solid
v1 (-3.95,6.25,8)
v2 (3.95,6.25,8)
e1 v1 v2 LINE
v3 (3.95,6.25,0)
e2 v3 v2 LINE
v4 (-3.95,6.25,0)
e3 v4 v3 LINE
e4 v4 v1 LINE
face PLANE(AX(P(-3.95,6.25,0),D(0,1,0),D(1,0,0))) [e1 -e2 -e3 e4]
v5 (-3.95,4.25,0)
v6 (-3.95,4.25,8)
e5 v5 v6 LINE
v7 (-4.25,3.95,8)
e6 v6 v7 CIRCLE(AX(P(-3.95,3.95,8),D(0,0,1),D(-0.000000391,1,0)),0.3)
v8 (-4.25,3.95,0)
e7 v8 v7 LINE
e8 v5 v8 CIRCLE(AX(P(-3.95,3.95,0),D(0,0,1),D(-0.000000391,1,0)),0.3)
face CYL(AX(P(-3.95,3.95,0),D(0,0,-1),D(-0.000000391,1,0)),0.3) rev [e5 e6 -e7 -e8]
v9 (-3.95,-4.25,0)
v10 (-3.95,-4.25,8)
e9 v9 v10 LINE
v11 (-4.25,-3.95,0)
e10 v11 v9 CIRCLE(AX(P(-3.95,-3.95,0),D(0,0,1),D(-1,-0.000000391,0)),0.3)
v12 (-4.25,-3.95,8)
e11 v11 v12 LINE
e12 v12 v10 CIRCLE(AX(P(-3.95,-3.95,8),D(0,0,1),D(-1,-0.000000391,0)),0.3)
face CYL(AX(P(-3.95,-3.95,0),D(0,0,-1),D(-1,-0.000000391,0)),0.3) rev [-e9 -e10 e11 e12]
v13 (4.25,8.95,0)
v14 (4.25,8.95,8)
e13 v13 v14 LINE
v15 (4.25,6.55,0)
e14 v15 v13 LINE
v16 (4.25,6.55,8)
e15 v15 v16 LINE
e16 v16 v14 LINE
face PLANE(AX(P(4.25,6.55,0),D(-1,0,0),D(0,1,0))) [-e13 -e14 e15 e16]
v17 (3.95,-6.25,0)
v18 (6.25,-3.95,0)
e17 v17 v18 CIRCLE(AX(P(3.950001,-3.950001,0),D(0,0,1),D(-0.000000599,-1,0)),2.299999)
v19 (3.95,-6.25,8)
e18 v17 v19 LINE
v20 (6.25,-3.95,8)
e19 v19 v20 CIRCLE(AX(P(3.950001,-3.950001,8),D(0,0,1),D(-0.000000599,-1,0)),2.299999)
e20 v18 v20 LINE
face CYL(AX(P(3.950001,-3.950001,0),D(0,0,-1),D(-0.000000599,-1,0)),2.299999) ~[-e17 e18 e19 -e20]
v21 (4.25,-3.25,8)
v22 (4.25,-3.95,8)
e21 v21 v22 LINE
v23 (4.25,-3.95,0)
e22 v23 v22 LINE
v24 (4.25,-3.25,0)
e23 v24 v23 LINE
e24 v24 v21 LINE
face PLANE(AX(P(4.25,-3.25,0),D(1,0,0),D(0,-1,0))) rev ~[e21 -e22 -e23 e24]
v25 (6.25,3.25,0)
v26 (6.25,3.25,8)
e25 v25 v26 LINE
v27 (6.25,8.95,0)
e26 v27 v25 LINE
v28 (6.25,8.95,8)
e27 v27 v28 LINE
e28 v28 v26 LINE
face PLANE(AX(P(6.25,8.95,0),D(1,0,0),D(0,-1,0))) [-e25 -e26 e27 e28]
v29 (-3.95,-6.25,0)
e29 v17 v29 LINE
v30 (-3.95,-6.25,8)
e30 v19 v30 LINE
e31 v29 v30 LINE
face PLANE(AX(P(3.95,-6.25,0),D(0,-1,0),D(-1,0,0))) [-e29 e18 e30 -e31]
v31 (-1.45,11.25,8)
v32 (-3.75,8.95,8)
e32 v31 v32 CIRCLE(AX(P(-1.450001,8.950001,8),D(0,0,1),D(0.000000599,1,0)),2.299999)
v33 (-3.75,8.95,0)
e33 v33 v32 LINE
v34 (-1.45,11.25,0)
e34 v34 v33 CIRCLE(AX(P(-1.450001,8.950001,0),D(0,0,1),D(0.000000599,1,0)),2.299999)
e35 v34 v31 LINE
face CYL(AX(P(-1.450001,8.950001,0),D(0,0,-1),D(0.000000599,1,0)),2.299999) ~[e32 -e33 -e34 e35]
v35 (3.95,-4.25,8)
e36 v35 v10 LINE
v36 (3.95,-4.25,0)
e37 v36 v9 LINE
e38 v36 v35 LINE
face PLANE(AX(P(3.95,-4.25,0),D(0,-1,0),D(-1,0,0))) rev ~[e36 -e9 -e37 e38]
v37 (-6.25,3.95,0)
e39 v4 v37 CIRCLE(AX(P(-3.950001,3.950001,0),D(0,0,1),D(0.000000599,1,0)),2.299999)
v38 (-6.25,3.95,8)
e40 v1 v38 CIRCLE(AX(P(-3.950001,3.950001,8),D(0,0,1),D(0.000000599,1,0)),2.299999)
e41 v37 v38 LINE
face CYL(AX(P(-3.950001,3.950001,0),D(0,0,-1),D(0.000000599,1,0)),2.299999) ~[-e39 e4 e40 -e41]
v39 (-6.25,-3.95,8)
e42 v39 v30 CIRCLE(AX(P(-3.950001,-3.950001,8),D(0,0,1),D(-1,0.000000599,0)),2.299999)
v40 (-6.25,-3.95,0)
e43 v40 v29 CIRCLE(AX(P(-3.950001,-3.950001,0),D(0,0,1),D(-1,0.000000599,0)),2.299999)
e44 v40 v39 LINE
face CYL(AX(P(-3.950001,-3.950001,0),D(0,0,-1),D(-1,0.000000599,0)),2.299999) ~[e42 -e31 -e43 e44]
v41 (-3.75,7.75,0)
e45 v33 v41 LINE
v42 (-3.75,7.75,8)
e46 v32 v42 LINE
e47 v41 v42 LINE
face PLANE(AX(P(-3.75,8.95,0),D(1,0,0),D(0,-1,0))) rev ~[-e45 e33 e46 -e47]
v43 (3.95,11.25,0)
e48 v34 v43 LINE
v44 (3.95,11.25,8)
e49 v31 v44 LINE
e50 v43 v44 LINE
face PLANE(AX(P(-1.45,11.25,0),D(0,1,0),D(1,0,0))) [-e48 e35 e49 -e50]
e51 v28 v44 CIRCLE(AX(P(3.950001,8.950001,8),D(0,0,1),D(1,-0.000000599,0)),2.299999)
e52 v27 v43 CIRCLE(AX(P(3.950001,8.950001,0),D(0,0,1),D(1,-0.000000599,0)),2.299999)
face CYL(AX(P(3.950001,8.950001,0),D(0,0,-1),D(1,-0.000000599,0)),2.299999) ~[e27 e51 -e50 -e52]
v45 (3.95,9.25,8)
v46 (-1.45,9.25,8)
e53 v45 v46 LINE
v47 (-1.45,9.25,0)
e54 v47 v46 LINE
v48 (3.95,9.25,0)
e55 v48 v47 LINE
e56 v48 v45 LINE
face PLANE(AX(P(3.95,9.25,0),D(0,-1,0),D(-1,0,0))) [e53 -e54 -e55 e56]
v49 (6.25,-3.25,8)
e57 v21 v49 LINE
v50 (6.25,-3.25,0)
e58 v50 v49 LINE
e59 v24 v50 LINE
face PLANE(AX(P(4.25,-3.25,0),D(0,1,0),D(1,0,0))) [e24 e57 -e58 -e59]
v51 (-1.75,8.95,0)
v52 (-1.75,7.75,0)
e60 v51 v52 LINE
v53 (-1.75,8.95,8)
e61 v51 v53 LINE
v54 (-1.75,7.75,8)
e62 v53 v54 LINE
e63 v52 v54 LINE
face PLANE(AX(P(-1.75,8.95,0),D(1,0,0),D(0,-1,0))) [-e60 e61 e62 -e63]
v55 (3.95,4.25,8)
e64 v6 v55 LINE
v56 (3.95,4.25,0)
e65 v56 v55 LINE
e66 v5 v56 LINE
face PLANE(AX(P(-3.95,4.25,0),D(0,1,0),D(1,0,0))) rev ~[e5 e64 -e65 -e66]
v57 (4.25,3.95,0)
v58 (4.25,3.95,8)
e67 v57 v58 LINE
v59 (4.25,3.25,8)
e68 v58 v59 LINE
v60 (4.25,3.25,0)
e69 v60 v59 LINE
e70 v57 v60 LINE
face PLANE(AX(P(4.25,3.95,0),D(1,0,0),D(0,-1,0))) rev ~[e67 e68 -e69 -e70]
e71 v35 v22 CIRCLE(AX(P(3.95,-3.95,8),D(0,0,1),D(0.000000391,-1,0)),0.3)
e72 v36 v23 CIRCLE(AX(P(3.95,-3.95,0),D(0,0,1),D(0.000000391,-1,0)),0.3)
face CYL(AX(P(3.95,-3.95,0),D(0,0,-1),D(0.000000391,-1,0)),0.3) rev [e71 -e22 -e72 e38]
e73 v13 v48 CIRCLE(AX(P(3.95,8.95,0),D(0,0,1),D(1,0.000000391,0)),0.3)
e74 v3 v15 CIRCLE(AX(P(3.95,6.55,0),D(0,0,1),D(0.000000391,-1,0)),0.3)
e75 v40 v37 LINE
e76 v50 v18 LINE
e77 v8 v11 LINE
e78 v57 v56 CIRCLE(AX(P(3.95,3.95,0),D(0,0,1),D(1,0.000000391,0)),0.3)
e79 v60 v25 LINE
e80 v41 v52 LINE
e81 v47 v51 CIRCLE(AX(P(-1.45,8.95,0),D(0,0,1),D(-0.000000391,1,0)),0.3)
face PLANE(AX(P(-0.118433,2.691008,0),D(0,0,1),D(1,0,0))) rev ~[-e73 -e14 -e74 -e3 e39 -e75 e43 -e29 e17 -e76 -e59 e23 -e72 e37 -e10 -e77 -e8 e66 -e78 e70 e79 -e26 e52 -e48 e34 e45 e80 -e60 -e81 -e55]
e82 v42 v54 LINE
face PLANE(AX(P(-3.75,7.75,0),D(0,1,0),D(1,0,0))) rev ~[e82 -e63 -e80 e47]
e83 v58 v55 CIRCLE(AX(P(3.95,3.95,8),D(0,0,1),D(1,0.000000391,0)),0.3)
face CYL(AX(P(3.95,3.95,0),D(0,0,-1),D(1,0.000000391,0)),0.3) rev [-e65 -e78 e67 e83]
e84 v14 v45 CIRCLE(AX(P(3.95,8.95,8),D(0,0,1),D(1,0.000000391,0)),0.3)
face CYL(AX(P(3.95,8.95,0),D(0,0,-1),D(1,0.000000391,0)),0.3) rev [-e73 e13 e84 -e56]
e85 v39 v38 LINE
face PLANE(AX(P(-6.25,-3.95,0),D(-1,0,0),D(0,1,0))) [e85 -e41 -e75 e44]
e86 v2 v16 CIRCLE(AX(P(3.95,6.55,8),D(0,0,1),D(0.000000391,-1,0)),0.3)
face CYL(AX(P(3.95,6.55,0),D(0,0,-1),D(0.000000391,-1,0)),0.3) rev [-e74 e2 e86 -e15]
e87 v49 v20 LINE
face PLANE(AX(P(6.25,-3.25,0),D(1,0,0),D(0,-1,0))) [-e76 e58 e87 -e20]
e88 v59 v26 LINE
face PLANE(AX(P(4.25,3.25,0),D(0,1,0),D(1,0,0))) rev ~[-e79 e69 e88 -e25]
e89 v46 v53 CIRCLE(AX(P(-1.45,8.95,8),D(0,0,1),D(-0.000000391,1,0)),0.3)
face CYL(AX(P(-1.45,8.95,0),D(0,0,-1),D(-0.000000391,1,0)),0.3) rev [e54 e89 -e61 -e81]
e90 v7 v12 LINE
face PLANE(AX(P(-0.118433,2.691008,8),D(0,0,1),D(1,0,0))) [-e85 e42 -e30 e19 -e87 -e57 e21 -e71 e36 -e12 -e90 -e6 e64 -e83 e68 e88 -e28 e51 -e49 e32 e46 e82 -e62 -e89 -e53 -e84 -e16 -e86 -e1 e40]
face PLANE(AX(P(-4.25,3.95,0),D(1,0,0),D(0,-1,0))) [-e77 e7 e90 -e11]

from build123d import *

# Parameters (mm, degrees)
PAD_DEPTH = 8


with BuildPart() as part:
    # Sketch → Pad (new body)
    with BuildSketch(Plane.XY):
        with BuildLine():
            Line((4.25, -3.25), (4.25, -3.95))
            ThreePointArc((3.95, -4.25), (4.162132, -4.162132), (4.25, -3.95))
            Line((3.95, -4.25), (-3.95, -4.25))
            ThreePointArc((-4.25, -3.95), (-4.162132, -4.162132), (-3.95, -4.25))
            Line((-4.25, 3.95), (-4.25, -3.95))
            ThreePointArc((-3.95, 4.25), (-4.162132, 4.162132), (-4.25, 3.95))
            Line((-3.95, 4.25), (3.95, 4.25))
            ThreePointArc((4.25, 3.95), (4.162132, 4.162132), (3.95, 4.25))
            Line((4.25, 3.95), (4.25, 3.25))
            Line((4.25, 3.25), (6.25, 3.25))
            Line((6.25, 6.25), (6.25, 3.25))
            Line((6.25, 8.95), (6.25, 6.25))
            ThreePointArc((6.25, 8.95), (5.576346, 10.576346), (3.95, 11.25))
            Line((-1.45, 11.25), (3.95, 11.25))
            ThreePointArc((-1.45, 11.25), (-3.076346, 10.576346), (-3.75, 8.95))
            Line((-3.75, 8.95), (-3.75, 7.75))
            Line((-3.75, 7.75), (-1.75, 7.75))
            Line((-1.75, 8.95), (-1.75, 7.75))
            ThreePointArc((-1.45, 9.25), (-1.662132, 9.162132), (-1.75, 8.95))
            Line((3.95, 9.25), (-1.45, 9.25))
            ThreePointArc((4.25, 8.95), (4.162132, 9.162132), (3.95, 9.25))
            Line((4.25, 6.55), (4.25, 8.95))
            ThreePointArc((3.95, 6.25), (4.162132, 6.337868), (4.25, 6.55))
            Line((-3.95, 6.25), (3.95, 6.25))
            ThreePointArc((-3.95, 6.25), (-5.576346, 5.576346), (-6.25, 3.95))
            Line((-6.25, -3.95), (-6.25, 3.95))
            ThreePointArc((-6.25, -3.95), (-5.576346, -5.576346), (-3.95, -6.25))
            Line((3.95, -6.25), (-3.95, -6.25))
            ThreePointArc((3.95, -6.25), (5.576346, -5.576346), (6.25, -3.95))
            Line((6.25, -3.25), (6.25, -3.95))
            Line((4.25, -3.25), (6.25, -3.25))
        make_face()
    extrude(amount=PAD_DEPTH)


solid = part.part
